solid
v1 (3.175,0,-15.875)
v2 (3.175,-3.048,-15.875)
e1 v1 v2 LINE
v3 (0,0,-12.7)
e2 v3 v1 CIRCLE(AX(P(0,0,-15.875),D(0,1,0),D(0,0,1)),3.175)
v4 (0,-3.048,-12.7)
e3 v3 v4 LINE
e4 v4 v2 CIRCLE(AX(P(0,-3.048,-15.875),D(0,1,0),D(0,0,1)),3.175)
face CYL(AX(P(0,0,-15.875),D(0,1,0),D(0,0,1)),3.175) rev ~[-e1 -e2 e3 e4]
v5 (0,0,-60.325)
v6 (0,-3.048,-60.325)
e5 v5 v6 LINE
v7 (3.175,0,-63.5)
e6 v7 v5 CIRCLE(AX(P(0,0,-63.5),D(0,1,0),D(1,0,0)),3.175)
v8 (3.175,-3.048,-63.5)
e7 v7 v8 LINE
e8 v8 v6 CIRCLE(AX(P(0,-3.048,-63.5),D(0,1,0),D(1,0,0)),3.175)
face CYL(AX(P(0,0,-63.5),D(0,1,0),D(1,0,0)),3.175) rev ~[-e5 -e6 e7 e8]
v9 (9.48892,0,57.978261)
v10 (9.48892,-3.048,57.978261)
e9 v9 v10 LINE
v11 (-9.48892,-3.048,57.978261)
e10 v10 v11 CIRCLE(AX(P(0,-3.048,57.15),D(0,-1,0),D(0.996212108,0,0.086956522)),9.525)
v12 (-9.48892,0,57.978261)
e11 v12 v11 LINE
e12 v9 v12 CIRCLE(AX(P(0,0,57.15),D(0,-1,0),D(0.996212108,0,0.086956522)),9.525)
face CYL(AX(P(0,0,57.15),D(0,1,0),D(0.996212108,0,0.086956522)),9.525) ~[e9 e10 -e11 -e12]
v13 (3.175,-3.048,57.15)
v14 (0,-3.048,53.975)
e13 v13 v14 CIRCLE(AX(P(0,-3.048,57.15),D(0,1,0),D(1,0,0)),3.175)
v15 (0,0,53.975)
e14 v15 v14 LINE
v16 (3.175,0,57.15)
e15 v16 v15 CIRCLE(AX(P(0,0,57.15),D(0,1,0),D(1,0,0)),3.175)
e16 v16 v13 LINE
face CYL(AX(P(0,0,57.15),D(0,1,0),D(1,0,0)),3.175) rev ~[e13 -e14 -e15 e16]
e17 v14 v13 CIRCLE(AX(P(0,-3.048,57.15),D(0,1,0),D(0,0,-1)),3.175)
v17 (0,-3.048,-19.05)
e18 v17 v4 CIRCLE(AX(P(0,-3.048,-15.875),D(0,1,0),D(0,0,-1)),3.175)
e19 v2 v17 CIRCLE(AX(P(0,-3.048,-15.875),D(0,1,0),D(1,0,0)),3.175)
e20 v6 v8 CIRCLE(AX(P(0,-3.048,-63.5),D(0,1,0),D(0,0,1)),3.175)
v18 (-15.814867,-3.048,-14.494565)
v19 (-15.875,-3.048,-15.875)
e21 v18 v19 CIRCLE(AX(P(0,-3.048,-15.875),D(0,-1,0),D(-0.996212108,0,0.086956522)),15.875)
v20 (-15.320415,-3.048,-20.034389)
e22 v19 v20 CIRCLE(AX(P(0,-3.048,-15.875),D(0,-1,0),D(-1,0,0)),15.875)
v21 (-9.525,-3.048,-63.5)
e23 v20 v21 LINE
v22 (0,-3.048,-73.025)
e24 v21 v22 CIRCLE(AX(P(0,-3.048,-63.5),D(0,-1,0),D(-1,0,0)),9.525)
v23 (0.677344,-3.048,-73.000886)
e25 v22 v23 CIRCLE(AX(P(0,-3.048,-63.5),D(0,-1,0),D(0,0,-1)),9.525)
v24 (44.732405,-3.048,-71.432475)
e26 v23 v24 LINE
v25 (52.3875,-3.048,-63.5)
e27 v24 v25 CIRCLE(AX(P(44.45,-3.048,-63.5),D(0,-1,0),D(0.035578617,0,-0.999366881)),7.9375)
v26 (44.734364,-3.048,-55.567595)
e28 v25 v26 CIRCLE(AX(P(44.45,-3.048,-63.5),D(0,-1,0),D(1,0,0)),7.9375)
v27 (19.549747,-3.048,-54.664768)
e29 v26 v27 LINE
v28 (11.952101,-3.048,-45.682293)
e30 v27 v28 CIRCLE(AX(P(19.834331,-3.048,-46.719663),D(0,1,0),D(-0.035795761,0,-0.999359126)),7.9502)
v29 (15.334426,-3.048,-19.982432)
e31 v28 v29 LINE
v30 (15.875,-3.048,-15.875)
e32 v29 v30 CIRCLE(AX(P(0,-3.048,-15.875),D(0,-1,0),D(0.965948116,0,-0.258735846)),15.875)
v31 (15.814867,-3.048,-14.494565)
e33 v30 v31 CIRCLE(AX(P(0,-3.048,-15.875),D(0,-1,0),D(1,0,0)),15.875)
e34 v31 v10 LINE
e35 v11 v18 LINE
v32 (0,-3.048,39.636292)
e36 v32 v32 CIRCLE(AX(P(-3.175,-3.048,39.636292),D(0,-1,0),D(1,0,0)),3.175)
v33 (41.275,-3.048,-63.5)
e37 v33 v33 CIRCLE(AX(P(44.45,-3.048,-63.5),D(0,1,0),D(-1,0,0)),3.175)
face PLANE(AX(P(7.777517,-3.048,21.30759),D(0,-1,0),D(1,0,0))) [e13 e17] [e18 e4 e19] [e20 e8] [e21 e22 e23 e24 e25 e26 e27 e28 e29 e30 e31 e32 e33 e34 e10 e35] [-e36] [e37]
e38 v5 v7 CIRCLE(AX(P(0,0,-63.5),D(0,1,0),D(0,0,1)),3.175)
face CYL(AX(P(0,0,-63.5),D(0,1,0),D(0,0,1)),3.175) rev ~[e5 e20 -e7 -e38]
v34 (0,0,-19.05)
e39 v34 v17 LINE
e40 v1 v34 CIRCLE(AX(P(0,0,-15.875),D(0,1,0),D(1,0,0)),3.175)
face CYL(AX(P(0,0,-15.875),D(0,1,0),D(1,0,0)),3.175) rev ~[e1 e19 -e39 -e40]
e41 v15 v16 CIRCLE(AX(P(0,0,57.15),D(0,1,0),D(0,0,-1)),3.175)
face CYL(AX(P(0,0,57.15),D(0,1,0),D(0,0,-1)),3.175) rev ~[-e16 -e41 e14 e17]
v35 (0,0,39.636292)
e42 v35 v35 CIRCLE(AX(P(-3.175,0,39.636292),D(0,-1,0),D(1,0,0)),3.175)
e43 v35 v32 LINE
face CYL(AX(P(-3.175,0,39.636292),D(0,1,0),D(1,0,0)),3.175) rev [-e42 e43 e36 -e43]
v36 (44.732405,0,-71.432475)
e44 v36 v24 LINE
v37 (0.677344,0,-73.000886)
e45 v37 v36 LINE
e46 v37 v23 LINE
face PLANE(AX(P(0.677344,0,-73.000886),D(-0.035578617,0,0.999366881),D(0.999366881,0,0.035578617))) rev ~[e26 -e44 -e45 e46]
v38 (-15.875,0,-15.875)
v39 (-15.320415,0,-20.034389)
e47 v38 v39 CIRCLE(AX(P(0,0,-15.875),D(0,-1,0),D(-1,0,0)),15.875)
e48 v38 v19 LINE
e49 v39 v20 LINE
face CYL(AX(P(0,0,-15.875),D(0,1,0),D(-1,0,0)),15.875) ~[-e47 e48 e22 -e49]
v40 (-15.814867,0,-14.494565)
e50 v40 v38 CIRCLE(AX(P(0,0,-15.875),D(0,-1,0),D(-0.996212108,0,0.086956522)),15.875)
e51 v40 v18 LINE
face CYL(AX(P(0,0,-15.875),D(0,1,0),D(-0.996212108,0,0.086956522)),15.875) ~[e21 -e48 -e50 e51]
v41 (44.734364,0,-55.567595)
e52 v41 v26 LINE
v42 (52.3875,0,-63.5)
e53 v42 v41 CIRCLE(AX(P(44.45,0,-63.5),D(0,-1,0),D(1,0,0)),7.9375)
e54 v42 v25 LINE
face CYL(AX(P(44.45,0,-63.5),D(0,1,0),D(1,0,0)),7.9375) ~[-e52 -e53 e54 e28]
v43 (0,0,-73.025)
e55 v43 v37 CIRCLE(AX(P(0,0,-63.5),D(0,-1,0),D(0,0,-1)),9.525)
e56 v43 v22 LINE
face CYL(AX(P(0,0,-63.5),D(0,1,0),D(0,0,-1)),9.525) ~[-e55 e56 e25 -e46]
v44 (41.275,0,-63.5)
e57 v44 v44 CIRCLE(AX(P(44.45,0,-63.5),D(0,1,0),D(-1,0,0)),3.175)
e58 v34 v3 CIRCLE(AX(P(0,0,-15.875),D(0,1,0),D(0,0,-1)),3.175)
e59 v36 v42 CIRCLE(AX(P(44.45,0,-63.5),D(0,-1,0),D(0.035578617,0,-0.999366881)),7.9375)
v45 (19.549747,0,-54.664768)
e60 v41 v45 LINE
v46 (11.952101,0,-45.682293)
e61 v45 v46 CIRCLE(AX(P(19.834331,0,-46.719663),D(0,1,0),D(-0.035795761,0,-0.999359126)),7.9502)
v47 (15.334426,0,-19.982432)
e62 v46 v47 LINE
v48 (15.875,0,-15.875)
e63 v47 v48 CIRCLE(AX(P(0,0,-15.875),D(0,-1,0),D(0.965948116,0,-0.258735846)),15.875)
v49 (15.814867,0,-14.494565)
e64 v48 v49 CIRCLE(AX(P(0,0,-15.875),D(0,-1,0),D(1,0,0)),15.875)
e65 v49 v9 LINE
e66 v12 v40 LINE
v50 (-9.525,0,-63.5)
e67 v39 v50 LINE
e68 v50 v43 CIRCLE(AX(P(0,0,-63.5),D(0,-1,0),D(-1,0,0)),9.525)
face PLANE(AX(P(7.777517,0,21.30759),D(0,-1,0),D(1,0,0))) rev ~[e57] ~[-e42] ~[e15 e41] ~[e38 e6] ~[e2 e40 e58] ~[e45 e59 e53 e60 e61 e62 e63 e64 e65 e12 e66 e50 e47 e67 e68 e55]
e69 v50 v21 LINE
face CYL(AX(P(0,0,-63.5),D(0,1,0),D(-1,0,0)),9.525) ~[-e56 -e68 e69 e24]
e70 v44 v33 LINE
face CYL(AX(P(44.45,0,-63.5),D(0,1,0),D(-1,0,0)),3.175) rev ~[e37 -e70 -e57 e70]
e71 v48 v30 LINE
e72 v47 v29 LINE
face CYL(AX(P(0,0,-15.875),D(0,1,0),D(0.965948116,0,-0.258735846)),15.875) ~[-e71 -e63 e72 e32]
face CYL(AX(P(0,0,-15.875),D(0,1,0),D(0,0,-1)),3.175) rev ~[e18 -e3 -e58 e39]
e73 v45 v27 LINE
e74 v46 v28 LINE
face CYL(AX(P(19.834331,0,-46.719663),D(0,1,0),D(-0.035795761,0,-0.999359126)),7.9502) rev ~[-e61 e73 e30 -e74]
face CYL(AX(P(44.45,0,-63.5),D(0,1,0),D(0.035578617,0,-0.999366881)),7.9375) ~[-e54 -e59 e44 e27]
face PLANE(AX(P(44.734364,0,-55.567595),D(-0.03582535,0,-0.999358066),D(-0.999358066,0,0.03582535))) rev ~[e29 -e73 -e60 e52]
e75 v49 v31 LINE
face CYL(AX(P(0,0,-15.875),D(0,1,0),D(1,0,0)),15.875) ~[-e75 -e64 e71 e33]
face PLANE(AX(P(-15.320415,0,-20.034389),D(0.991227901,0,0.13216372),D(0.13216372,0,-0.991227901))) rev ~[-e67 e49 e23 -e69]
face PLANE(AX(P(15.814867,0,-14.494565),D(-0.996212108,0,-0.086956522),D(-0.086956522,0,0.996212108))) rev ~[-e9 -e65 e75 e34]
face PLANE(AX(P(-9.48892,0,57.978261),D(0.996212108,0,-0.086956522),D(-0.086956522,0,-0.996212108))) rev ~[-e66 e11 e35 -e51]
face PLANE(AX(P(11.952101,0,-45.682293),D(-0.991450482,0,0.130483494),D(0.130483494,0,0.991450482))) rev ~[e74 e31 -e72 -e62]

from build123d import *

# Parameters (mm, degrees)
F0_R     = 3.175
F1_DEPTH = 3.048


with BuildPart() as f1:
    # F0 (on Front) → F1 (new body)
    with BuildSketch(Plane.XZ):
        with BuildLine():
            Line((0, 47.625), (0, 39.6362915635))
            Line((0, 39.6362915635), (0, 0))
            ThreePointArc((0, 0), (10.7261648045, -4.1717947302), (15.8148672081, -14.4945652174))
            Line((15.8148672081, -14.4945652174), (9.4889203249, 57.9782608696))
            ThreePointArc((9.4889203249, 57.9782608696), (9.5159758064, 57.5645231631), (9.525, 57.15))
            ThreePointArc((9.525, 57.15), (6.7351920908, 50.4148079092), (0, 47.625))
        make_face()
        with BuildLine():
            Line((0, -53.975), (0, -31.75))
            ThreePointArc((0, -31.75), (-9.6432704577, -28.4854305985), (-15.3204148472, -20.0343886463))
            Line((-15.3204148472, -20.0343886463), (-9.525, -63.5))
            ThreePointArc((-9.525, -63.5), (-6.7351920908, -56.7648079092), (0, -53.975))
        make_face()
        with BuildLine():
            Line((36.5125, -63.5), (9.525, -63.5))
            ThreePointArc((9.525, -63.5), (6.9705567315, -69.9912990883), (0.6773435479, -73.000885786))
            Line((0.6773435479, -73.000885786), (44.7324052746, -71.4324746146))
            ThreePointArc((44.7324052746, -71.4324746146), (38.9380895153, -69.2116327839), (36.5125, -63.5))
        make_face()
        with BuildLine():
            ThreePointArc((-9.4889203249, 57.9782608696), (-7.0219231619, 50.7143011173), (0, 47.625))
            ThreePointArc((0, 47.625), (6.7351920908, 50.4148079092), (9.525, 57.15))
            ThreePointArc((9.525, 57.15), (9.5159758064, 57.5645231631), (9.4889203249, 57.9782608696))
            ThreePointArc((9.4889203249, 57.9782608696), (0, 66.675), (-9.4889203249, 57.9782608696))
        make_face()
        with BuildLine():
            ThreePointArc((3.175, 57.15), (2.2450640303, 54.9049359697), (0, 53.975))
            ThreePointArc((0, 53.975), (-2.2450640303, 59.3950640303), (3.175, 57.15))
        make_face(mode=Mode.SUBTRACT)
        with BuildLine():
            ThreePointArc((44.7343637192, -55.5675953504), (38.9387946314, -57.7876868402), (36.5125, -63.5))
            ThreePointArc((36.5125, -63.5), (38.9380895153, -69.2116327839), (44.7324052746, -71.4324746146))
            ThreePointArc((44.7324052746, -71.4324746146), (50.1616327839, -69.0119104847), (52.3875, -63.5))
            ThreePointArc((52.3875, -63.5), (50.1623131598, -57.9887946314), (44.7343637192, -55.5675953504))
        make_face()
        with BuildLine():
            ThreePointArc((47.625, -63.5), (44.45, -66.675), (41.275, -63.5))
            ThreePointArc((41.275, -63.5), (44.45, -60.325), (47.625, -63.5))
        make_face(mode=Mode.SUBTRACT)
        with BuildLine():
            Line((0, 0), (0, 39.6362915635))
            Line((0, 39.6362915635), (0, 47.625))
            ThreePointArc((0, 47.625), (-7.0219231619, 50.7143011173), (-9.4889203249, 57.9782608696))
            Line((-9.4889203249, 57.9782608696), (-15.8148672081, -14.4945652174))
            ThreePointArc((-15.8148672081, -14.4945652174), (-10.7261648045, -4.1717947302), (0, 0))
        make_face()
        with Locations((-3.175, 39.6362915635)):
            Circle(F0_R, mode=Mode.SUBTRACT)
        with BuildLine():
            ThreePointArc((15.8148672081, -14.4945652174), (10.7261648045, -4.1717947302), (0, 0))
            Line((0, 0), (0, -12.7))
            ThreePointArc((0, -12.7), (2.2450640303, -13.6299359697), (3.175, -15.875))
            ThreePointArc((3.175, -15.875), (2.2450640303, -18.1200640303), (0, -19.05))
            Line((0, -19.05), (0, -31.75))
            ThreePointArc((0, -31.75), (9.6646300784, -28.4690680659), (15.3344263356, -19.9824315526))
            Line((15.3344263356, -19.9824315526), (15.875, -15.875))
            ThreePointArc((15.875, -15.875), (15.8599596773, -15.1841280615), (15.8148672081, -14.4945652174))
        make_face()
        with BuildLine():
            Line((0, -12.7), (0, 0))
            ThreePointArc((0, 0), (-10.7261648045, -4.1717947302), (-15.8148672081, -14.4945652174))
            ThreePointArc((-15.8148672081, -14.4945652174), (-15.8599596773, -15.1841280615), (-15.875, -15.875))
            Line((-15.875, -15.875), (-15.3204148472, -20.0343886463))
            ThreePointArc((-15.3204148472, -20.0343886463), (-9.6432704577, -28.4854305985), (0, -31.75))
            Line((0, -31.75), (0, -19.05))
            ThreePointArc((0, -19.05), (-3.175, -15.875), (0, -12.7))
        make_face()
        with BuildLine():
            ThreePointArc((15.3344263356, -19.9824315526), (9.6646300784, -28.4690680659), (0, -31.75))
            Line((0, -31.75), (0, -53.975))
            ThreePointArc((0, -53.975), (6.7351920908, -56.7648079092), (9.525, -63.5))
            Line((9.525, -63.5), (36.5125, -63.5))
            ThreePointArc((36.5125, -63.5), (38.9387946314, -57.7876868402), (44.7343637192, -55.5675953504))
            Line((44.7343637192, -55.5675953504), (19.5497474973, -54.6647680928))
            ThreePointArc((19.5497474973, -54.6647680928), (13.7642879271, -51.8538873237), (11.9521013331, -45.6822932927))
            Line((11.9521013331, -45.6822932927), (15.3344263356, -19.9824315526))
        make_face()
        with BuildLine():
            Line((0, -60.325), (0, -53.975))
            ThreePointArc((0, -53.975), (-6.7351920908, -56.7648079092), (-9.525, -63.5))
            ThreePointArc((-9.525, -63.5), (-6.7351920908, -70.2351920908), (0, -73.025))
            Line((0, -73.025), (0.6773435479, -73.000885786))
            ThreePointArc((0.6773435479, -73.000885786), (6.9705567315, -69.9912990883), (9.525, -63.5))
            Line((9.525, -63.5), (3.175, -63.5))
            ThreePointArc((3.175, -63.5), (-2.2450640303, -65.7450640303), (0, -60.325))
        make_face()
        with BuildLine():
            ThreePointArc((9.525, -63.5), (6.7351920908, -56.7648079092), (0, -53.975))
            Line((0, -53.975), (0, -60.325))
            ThreePointArc((0, -60.325), (2.2450640303, -61.2549359697), (3.175, -63.5))
            Line((3.175, -63.5), (9.525, -63.5))
        make_face()
        with BuildLine():
            ThreePointArc((15.3344263356, -19.9824315526), (15.7392763982, -17.9464254661), (15.875, -15.875))
            Line((15.875, -15.875), (15.3344263356, -19.9824315526))
        make_face()
        with BuildLine():
            Line((-15.3204148472, -20.0343886463), (-15.875, -15.875))
            ThreePointArc((-15.875, -15.875), (-15.7357429233, -17.9730990564), (-15.3204148472, -20.0343886463))
        make_face()
        with BuildLine():
            Line((0.6773435479, -73.000885786), (0, -73.025))
            ThreePointArc((0, -73.025), (0.3388863295, -73.0189695375), (0.6773435479, -73.000885786))
        make_face()
    extrude(amount=F1_DEPTH)


solid = f1.part
